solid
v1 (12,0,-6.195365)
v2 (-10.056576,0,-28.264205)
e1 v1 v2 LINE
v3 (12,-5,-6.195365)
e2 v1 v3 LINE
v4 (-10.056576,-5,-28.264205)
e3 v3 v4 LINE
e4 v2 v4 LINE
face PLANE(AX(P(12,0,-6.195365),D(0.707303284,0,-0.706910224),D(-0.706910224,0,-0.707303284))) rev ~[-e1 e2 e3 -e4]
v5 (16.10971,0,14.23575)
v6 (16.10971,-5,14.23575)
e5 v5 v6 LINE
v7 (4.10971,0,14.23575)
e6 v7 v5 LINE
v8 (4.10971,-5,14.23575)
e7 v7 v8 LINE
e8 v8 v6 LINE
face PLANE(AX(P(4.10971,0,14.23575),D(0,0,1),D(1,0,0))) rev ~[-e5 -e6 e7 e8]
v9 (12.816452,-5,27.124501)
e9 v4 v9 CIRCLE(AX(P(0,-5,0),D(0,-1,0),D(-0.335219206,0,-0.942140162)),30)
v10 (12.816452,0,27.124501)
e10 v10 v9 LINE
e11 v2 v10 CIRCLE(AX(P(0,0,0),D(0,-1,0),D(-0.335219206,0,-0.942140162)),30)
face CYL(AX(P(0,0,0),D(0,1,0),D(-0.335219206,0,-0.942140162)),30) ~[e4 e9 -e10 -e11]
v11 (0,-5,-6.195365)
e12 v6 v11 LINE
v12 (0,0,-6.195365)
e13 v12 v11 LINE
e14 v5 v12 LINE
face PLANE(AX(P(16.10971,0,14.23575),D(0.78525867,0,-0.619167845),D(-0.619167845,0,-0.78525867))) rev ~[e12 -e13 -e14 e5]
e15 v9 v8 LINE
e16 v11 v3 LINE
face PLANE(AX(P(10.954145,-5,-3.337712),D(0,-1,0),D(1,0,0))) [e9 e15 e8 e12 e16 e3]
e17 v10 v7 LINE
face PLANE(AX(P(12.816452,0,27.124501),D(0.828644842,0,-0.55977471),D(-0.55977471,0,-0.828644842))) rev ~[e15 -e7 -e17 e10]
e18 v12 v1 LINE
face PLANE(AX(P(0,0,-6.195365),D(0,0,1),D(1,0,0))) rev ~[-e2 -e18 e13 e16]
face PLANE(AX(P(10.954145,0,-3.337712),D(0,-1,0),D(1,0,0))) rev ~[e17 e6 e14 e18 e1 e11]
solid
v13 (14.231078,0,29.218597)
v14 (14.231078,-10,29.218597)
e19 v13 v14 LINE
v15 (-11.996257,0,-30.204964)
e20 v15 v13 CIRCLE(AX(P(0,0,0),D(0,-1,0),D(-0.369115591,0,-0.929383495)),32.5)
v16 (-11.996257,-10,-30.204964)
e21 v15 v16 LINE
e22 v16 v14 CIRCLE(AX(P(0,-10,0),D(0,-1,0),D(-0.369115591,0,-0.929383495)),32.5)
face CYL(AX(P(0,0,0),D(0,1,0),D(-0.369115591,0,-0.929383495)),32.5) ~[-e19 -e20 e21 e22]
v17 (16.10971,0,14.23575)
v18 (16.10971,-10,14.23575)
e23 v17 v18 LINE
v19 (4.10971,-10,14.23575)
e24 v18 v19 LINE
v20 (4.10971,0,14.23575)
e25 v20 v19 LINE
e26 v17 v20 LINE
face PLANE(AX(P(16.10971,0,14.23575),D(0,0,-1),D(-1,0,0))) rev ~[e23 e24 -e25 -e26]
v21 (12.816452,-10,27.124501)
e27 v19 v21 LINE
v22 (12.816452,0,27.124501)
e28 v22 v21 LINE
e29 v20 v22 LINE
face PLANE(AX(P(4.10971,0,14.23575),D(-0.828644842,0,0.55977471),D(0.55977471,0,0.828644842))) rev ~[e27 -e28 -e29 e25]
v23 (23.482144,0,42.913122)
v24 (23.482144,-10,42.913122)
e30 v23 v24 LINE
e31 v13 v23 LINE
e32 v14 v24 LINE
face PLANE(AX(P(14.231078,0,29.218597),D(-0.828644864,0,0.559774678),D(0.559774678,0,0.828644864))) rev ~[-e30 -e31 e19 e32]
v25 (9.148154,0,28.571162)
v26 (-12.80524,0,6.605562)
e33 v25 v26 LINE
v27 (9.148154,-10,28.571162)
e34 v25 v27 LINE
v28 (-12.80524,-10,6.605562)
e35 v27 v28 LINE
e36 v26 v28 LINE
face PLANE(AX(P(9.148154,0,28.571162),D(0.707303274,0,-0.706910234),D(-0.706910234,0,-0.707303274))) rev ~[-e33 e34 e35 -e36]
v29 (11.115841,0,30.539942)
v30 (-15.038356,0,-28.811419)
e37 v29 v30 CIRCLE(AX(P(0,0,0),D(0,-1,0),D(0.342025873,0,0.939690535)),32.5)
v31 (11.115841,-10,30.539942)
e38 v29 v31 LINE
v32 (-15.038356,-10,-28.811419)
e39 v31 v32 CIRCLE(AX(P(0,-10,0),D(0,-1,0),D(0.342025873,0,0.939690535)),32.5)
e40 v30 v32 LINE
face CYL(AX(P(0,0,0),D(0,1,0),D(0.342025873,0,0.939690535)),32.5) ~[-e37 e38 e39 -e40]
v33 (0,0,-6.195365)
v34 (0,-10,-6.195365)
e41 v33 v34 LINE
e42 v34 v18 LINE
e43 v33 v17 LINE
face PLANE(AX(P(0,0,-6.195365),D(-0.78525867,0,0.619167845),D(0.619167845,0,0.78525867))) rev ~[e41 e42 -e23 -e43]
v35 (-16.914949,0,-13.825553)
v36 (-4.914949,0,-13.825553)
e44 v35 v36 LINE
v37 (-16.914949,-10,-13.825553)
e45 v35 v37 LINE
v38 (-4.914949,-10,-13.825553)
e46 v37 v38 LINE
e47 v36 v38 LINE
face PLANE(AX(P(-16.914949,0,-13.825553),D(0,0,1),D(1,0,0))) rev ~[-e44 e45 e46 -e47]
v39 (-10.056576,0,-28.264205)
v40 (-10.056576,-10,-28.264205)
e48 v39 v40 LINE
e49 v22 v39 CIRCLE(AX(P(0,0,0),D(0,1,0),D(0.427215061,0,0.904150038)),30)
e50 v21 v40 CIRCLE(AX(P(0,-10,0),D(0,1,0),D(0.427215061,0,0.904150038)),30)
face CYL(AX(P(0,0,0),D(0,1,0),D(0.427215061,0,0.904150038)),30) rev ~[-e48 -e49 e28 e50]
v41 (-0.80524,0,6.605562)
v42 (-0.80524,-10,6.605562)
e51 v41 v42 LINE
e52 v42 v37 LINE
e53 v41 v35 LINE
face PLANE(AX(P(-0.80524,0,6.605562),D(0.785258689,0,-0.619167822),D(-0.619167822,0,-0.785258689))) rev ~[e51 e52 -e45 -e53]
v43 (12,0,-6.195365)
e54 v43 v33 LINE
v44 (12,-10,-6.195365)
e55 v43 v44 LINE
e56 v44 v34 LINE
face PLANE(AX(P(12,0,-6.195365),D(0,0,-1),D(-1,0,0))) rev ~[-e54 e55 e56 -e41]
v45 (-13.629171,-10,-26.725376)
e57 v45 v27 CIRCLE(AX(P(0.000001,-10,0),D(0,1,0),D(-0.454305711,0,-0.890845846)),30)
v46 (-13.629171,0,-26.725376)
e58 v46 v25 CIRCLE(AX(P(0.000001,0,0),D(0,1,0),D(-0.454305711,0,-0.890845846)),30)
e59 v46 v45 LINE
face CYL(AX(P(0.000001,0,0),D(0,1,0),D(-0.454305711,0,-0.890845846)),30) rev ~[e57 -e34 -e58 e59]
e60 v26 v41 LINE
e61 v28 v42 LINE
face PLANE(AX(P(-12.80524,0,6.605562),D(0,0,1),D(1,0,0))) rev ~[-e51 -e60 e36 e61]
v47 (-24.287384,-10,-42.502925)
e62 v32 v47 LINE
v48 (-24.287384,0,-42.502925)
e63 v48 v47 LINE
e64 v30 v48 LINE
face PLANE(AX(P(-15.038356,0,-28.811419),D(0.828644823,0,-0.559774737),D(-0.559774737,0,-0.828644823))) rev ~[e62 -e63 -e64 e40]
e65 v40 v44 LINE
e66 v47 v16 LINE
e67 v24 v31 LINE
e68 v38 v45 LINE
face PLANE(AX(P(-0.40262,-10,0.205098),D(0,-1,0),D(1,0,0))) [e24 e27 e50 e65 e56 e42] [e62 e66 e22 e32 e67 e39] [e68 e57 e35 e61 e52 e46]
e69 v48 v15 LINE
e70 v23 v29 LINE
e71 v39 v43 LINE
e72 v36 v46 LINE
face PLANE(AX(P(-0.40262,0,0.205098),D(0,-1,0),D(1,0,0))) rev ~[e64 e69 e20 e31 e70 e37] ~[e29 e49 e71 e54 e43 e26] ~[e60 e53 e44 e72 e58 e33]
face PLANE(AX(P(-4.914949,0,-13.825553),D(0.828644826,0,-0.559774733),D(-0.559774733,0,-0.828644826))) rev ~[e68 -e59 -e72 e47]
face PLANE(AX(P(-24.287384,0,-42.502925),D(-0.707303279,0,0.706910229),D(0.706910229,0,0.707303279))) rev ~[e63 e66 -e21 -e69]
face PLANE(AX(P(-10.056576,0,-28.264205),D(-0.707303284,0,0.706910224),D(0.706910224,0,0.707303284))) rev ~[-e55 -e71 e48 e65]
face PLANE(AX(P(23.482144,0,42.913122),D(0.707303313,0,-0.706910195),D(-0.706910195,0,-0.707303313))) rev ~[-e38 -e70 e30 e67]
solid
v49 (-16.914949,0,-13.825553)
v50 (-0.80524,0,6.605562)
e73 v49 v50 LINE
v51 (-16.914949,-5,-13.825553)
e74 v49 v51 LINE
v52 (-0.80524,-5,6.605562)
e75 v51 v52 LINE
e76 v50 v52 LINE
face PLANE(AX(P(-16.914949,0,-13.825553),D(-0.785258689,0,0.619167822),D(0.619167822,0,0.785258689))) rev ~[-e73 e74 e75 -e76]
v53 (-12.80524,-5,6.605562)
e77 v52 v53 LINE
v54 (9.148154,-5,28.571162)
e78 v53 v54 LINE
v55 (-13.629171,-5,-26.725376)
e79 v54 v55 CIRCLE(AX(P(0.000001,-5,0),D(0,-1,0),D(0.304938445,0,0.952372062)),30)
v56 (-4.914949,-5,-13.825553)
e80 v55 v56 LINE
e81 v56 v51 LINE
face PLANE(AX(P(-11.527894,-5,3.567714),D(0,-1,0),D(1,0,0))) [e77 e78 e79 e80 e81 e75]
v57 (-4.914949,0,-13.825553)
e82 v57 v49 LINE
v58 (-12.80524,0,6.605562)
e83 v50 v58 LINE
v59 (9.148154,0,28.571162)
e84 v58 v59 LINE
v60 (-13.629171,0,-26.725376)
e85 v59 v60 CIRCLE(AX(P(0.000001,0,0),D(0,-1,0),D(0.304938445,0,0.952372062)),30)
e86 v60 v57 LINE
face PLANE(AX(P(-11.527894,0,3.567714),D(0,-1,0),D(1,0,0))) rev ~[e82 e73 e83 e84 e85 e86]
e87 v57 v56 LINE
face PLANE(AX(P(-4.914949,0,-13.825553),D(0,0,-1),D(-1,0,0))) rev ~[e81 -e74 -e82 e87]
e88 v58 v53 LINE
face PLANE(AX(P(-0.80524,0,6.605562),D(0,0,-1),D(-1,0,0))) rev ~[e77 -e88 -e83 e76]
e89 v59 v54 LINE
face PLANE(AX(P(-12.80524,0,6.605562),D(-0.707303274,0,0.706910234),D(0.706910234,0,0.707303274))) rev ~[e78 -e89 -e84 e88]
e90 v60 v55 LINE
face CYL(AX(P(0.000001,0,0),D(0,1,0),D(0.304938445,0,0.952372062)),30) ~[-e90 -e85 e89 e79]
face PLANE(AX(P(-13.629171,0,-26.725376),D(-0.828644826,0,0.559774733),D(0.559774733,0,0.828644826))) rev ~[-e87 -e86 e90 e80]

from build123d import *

# Parameters (mm, degrees)
F1_DEPTH = 5
F2_DEPTH = 10


with BuildPart() as f1:
    # F0 (on Front) → F1 (new body)
    with BuildSketch(Plane.XZ):
        with BuildLine():
            Line((-12.80524, 6.605562), (9.148154, 28.571162))
            ThreePointArc((9.148154, 28.571162), (-27.738901, 11.425995), (-13.629171, -26.725376))
            Line((-13.629171, -26.725376), (-4.914949, -13.825553))
            Line((-4.914949, -13.825553), (-16.914949, -13.825553))
            Line((-16.914949, -13.825553), (-0.80524, 6.605562))
            Line((-0.80524, 6.605562), (-12.80524, 6.605562))
        make_face()
        with BuildLine():
            ThreePointArc((-10.056576, -28.264205), (27.728711, -11.450703), (12.816452, 27.124501))
            Line((12.816452, 27.124501), (4.10971, 14.23575))
            Line((4.10971, 14.23575), (16.10971, 14.23575))
            Line((16.10971, 14.23575), (0, -6.195365))
            Line((0, -6.195365), (12, -6.195365))
            Line((12, -6.195365), (-10.056576, -28.264205))
        make_face()
    extrude(amount=F1_DEPTH)


with BuildPart() as f2:
    # F0 (on Front) → F2 (new body)
    with BuildSketch(Plane.XZ):
        Polygon((11.115841, 30.539942), (9.148154, 28.571162), (-12.80524, 6.605562), (-0.80524, 6.605562), (-16.914949, -13.825553), (-4.914949, -13.825553), (-13.629171, -26.725376), (-15.038356, -28.811419), (-24.287384, -42.502925), (-11.996257, -30.204964), (-10.056576, -28.264205), (12, -6.195365), (0, -6.195365), (16.10971, 14.23575), (4.10971, 14.23575), (12.816452, 27.124501), (14.231078, 29.218597), (23.482144, 42.913122), align=None)
        with BuildLine():
            ThreePointArc((-13.629171, -26.725376), (-27.738901, 11.425995), (9.148154, 28.571162))
            Line((9.148154, 28.571162), (11.115841, 30.539942))
            ThreePointArc((11.115841, 30.539942), (-29.740419, 13.105627), (-15.038356, -28.811419))
            Line((-15.038356, -28.811419), (-13.629171, -26.725376))
        make_face()
        with BuildLine():
            ThreePointArc((-11.996257, -30.204964), (29.732785, -13.122938), (14.231078, 29.218597))
            Line((14.231078, 29.218597), (12.816452, 27.124501))
            ThreePointArc((12.816452, 27.124501), (27.728711, -11.450703), (-10.056576, -28.264205))
            Line((-10.056576, -28.264205), (-11.996257, -30.204964))
        make_face()
    extrude(amount=F2_DEPTH)


solid = Compound([f1.part, f2.part])
